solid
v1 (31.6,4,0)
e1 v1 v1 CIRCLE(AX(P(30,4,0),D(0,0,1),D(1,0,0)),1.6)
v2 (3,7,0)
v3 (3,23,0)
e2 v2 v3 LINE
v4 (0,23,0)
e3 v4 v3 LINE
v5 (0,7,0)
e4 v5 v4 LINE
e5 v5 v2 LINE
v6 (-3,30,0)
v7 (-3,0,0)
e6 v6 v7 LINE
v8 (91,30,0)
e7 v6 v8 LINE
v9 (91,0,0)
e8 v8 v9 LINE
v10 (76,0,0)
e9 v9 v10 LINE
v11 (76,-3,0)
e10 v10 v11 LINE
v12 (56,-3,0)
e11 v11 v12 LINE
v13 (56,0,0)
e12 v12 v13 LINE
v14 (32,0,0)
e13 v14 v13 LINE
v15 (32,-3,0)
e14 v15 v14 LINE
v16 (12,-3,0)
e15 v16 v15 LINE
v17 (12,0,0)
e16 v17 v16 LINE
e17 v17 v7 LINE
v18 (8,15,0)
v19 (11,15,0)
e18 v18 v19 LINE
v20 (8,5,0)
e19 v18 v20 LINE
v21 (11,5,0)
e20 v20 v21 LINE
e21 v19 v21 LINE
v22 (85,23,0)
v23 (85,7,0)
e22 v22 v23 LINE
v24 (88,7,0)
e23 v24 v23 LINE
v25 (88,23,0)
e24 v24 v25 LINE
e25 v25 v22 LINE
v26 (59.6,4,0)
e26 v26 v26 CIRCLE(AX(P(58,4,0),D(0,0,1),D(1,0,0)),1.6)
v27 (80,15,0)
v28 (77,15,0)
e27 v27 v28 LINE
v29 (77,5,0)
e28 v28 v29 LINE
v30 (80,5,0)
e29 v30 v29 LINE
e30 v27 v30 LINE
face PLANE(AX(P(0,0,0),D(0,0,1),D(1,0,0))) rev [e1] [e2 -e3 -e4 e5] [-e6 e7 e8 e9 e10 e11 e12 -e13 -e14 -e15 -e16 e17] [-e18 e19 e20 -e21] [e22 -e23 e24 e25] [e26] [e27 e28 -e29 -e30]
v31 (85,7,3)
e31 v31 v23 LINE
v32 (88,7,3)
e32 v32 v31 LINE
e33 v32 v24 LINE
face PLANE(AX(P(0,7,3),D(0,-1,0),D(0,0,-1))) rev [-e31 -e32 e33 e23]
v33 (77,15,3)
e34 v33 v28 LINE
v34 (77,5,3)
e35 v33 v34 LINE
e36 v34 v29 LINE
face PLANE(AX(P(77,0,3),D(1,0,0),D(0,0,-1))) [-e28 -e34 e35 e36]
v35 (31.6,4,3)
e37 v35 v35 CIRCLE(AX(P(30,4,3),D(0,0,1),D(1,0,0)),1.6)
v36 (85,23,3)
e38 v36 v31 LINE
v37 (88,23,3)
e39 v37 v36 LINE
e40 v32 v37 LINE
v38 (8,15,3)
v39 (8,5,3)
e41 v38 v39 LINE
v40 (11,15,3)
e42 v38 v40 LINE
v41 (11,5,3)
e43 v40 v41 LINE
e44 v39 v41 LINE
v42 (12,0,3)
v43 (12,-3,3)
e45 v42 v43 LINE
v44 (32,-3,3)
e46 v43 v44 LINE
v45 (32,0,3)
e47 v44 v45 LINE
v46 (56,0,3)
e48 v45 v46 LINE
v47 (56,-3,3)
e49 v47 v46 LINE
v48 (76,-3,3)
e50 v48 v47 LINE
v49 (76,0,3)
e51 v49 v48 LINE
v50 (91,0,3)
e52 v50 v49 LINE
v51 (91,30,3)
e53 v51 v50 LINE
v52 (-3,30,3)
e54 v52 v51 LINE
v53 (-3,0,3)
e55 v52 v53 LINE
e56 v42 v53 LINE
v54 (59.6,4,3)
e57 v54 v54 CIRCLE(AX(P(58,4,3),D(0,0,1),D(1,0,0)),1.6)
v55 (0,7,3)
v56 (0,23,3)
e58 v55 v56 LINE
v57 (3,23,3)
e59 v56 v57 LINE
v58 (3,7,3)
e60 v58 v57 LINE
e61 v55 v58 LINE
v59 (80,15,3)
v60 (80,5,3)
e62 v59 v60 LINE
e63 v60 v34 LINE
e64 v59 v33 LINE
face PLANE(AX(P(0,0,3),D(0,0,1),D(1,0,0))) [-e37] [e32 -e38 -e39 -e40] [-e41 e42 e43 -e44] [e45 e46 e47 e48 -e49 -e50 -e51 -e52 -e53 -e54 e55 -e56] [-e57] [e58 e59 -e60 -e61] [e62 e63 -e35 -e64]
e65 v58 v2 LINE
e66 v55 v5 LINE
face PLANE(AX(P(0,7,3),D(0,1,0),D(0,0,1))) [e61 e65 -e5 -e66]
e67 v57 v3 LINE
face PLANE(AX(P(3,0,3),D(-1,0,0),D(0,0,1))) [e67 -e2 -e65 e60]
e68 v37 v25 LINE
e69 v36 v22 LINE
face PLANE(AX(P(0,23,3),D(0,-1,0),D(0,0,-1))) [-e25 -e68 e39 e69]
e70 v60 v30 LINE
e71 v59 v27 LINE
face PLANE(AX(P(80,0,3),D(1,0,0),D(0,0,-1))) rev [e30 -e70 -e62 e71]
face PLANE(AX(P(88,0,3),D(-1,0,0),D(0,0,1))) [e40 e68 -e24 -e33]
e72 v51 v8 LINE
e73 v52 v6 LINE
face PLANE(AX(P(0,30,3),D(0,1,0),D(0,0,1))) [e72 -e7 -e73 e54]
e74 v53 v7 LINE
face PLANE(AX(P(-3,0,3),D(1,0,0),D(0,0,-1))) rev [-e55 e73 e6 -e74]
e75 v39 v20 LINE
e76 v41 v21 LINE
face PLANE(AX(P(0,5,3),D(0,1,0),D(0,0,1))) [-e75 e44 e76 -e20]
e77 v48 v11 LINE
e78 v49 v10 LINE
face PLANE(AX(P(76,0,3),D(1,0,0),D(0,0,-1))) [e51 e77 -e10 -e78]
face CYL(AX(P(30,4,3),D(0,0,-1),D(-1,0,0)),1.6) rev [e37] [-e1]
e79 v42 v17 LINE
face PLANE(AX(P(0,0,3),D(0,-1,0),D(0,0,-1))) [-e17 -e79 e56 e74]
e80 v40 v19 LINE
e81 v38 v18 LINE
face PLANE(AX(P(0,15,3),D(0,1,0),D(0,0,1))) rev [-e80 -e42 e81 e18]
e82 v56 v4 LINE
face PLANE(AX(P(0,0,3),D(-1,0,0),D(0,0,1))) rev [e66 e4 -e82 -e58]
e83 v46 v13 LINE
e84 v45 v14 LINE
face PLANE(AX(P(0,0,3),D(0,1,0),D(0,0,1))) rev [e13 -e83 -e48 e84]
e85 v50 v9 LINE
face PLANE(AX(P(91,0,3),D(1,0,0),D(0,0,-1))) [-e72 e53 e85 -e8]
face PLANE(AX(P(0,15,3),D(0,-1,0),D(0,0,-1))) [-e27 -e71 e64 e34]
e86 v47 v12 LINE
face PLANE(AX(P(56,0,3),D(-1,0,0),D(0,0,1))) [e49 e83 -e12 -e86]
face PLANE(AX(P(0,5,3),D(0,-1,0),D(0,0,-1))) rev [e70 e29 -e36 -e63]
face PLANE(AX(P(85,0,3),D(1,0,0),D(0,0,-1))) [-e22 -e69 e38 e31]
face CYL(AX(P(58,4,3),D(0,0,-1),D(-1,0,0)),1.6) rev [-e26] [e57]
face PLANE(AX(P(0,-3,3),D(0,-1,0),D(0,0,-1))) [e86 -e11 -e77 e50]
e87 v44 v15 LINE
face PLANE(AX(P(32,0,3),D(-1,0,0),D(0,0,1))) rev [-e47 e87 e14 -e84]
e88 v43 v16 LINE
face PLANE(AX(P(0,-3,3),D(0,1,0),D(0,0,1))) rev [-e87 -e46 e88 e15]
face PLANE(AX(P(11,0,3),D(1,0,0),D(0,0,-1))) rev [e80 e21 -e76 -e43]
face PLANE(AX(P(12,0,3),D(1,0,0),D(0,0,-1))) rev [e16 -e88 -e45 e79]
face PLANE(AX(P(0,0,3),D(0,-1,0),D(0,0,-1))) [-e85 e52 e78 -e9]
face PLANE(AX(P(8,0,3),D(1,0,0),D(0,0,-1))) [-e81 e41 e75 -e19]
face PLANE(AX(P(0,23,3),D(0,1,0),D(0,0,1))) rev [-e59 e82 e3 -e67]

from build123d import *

# Parameters (mm, degrees)
SKETCH_1_R      = 1.6
SKETCH_1_W      = 3
SKETCH_1_H      = 10
EXTRUDE_1_DEPTH = 3


with BuildPart() as part:
    # 草图1 → 凸台-拉伸1 (new body)
    with BuildSketch(Plane.XY):
        Polygon((32, 0), (44, 0), (56, 0), (56, -3), (76, -3), (76, 0), (88, 0), (91, 0), (91, 30), (88, 30), (0, 30), (-3, 30), (-3, 0), (0, 0), (12, 0), (12, -3), (32, -3), align=None)
        with Locations((30, 4)):
            Circle(SKETCH_1_R, mode=Mode.SUBTRACT)
        with Locations((9.5, 10)):
            Rectangle(SKETCH_1_W, SKETCH_1_H, mode=Mode.SUBTRACT)
        with BuildLine():
            ThreePointArc((59.6, 4), (58, 2.4), (56.4, 4))
            ThreePointArc((56.4, 4), (58, 5.6), (59.6, 4))
        make_face(mode=Mode.SUBTRACT)
        with Locations((78.5, 10)):
            Rectangle(SKETCH_1_W, SKETCH_1_H, mode=Mode.SUBTRACT)
        Polygon((0, 15), (0, 23), (3, 23), (3, 15), (3, 7), (0, 7), align=None, mode=Mode.SUBTRACT)
        Polygon((85, 23), (88, 23), (88, 15), (88, 7), (85, 7), (85, 15), align=None, mode=Mode.SUBTRACT)
    extrude(amount=EXTRUDE_1_DEPTH)


solid = part.part
